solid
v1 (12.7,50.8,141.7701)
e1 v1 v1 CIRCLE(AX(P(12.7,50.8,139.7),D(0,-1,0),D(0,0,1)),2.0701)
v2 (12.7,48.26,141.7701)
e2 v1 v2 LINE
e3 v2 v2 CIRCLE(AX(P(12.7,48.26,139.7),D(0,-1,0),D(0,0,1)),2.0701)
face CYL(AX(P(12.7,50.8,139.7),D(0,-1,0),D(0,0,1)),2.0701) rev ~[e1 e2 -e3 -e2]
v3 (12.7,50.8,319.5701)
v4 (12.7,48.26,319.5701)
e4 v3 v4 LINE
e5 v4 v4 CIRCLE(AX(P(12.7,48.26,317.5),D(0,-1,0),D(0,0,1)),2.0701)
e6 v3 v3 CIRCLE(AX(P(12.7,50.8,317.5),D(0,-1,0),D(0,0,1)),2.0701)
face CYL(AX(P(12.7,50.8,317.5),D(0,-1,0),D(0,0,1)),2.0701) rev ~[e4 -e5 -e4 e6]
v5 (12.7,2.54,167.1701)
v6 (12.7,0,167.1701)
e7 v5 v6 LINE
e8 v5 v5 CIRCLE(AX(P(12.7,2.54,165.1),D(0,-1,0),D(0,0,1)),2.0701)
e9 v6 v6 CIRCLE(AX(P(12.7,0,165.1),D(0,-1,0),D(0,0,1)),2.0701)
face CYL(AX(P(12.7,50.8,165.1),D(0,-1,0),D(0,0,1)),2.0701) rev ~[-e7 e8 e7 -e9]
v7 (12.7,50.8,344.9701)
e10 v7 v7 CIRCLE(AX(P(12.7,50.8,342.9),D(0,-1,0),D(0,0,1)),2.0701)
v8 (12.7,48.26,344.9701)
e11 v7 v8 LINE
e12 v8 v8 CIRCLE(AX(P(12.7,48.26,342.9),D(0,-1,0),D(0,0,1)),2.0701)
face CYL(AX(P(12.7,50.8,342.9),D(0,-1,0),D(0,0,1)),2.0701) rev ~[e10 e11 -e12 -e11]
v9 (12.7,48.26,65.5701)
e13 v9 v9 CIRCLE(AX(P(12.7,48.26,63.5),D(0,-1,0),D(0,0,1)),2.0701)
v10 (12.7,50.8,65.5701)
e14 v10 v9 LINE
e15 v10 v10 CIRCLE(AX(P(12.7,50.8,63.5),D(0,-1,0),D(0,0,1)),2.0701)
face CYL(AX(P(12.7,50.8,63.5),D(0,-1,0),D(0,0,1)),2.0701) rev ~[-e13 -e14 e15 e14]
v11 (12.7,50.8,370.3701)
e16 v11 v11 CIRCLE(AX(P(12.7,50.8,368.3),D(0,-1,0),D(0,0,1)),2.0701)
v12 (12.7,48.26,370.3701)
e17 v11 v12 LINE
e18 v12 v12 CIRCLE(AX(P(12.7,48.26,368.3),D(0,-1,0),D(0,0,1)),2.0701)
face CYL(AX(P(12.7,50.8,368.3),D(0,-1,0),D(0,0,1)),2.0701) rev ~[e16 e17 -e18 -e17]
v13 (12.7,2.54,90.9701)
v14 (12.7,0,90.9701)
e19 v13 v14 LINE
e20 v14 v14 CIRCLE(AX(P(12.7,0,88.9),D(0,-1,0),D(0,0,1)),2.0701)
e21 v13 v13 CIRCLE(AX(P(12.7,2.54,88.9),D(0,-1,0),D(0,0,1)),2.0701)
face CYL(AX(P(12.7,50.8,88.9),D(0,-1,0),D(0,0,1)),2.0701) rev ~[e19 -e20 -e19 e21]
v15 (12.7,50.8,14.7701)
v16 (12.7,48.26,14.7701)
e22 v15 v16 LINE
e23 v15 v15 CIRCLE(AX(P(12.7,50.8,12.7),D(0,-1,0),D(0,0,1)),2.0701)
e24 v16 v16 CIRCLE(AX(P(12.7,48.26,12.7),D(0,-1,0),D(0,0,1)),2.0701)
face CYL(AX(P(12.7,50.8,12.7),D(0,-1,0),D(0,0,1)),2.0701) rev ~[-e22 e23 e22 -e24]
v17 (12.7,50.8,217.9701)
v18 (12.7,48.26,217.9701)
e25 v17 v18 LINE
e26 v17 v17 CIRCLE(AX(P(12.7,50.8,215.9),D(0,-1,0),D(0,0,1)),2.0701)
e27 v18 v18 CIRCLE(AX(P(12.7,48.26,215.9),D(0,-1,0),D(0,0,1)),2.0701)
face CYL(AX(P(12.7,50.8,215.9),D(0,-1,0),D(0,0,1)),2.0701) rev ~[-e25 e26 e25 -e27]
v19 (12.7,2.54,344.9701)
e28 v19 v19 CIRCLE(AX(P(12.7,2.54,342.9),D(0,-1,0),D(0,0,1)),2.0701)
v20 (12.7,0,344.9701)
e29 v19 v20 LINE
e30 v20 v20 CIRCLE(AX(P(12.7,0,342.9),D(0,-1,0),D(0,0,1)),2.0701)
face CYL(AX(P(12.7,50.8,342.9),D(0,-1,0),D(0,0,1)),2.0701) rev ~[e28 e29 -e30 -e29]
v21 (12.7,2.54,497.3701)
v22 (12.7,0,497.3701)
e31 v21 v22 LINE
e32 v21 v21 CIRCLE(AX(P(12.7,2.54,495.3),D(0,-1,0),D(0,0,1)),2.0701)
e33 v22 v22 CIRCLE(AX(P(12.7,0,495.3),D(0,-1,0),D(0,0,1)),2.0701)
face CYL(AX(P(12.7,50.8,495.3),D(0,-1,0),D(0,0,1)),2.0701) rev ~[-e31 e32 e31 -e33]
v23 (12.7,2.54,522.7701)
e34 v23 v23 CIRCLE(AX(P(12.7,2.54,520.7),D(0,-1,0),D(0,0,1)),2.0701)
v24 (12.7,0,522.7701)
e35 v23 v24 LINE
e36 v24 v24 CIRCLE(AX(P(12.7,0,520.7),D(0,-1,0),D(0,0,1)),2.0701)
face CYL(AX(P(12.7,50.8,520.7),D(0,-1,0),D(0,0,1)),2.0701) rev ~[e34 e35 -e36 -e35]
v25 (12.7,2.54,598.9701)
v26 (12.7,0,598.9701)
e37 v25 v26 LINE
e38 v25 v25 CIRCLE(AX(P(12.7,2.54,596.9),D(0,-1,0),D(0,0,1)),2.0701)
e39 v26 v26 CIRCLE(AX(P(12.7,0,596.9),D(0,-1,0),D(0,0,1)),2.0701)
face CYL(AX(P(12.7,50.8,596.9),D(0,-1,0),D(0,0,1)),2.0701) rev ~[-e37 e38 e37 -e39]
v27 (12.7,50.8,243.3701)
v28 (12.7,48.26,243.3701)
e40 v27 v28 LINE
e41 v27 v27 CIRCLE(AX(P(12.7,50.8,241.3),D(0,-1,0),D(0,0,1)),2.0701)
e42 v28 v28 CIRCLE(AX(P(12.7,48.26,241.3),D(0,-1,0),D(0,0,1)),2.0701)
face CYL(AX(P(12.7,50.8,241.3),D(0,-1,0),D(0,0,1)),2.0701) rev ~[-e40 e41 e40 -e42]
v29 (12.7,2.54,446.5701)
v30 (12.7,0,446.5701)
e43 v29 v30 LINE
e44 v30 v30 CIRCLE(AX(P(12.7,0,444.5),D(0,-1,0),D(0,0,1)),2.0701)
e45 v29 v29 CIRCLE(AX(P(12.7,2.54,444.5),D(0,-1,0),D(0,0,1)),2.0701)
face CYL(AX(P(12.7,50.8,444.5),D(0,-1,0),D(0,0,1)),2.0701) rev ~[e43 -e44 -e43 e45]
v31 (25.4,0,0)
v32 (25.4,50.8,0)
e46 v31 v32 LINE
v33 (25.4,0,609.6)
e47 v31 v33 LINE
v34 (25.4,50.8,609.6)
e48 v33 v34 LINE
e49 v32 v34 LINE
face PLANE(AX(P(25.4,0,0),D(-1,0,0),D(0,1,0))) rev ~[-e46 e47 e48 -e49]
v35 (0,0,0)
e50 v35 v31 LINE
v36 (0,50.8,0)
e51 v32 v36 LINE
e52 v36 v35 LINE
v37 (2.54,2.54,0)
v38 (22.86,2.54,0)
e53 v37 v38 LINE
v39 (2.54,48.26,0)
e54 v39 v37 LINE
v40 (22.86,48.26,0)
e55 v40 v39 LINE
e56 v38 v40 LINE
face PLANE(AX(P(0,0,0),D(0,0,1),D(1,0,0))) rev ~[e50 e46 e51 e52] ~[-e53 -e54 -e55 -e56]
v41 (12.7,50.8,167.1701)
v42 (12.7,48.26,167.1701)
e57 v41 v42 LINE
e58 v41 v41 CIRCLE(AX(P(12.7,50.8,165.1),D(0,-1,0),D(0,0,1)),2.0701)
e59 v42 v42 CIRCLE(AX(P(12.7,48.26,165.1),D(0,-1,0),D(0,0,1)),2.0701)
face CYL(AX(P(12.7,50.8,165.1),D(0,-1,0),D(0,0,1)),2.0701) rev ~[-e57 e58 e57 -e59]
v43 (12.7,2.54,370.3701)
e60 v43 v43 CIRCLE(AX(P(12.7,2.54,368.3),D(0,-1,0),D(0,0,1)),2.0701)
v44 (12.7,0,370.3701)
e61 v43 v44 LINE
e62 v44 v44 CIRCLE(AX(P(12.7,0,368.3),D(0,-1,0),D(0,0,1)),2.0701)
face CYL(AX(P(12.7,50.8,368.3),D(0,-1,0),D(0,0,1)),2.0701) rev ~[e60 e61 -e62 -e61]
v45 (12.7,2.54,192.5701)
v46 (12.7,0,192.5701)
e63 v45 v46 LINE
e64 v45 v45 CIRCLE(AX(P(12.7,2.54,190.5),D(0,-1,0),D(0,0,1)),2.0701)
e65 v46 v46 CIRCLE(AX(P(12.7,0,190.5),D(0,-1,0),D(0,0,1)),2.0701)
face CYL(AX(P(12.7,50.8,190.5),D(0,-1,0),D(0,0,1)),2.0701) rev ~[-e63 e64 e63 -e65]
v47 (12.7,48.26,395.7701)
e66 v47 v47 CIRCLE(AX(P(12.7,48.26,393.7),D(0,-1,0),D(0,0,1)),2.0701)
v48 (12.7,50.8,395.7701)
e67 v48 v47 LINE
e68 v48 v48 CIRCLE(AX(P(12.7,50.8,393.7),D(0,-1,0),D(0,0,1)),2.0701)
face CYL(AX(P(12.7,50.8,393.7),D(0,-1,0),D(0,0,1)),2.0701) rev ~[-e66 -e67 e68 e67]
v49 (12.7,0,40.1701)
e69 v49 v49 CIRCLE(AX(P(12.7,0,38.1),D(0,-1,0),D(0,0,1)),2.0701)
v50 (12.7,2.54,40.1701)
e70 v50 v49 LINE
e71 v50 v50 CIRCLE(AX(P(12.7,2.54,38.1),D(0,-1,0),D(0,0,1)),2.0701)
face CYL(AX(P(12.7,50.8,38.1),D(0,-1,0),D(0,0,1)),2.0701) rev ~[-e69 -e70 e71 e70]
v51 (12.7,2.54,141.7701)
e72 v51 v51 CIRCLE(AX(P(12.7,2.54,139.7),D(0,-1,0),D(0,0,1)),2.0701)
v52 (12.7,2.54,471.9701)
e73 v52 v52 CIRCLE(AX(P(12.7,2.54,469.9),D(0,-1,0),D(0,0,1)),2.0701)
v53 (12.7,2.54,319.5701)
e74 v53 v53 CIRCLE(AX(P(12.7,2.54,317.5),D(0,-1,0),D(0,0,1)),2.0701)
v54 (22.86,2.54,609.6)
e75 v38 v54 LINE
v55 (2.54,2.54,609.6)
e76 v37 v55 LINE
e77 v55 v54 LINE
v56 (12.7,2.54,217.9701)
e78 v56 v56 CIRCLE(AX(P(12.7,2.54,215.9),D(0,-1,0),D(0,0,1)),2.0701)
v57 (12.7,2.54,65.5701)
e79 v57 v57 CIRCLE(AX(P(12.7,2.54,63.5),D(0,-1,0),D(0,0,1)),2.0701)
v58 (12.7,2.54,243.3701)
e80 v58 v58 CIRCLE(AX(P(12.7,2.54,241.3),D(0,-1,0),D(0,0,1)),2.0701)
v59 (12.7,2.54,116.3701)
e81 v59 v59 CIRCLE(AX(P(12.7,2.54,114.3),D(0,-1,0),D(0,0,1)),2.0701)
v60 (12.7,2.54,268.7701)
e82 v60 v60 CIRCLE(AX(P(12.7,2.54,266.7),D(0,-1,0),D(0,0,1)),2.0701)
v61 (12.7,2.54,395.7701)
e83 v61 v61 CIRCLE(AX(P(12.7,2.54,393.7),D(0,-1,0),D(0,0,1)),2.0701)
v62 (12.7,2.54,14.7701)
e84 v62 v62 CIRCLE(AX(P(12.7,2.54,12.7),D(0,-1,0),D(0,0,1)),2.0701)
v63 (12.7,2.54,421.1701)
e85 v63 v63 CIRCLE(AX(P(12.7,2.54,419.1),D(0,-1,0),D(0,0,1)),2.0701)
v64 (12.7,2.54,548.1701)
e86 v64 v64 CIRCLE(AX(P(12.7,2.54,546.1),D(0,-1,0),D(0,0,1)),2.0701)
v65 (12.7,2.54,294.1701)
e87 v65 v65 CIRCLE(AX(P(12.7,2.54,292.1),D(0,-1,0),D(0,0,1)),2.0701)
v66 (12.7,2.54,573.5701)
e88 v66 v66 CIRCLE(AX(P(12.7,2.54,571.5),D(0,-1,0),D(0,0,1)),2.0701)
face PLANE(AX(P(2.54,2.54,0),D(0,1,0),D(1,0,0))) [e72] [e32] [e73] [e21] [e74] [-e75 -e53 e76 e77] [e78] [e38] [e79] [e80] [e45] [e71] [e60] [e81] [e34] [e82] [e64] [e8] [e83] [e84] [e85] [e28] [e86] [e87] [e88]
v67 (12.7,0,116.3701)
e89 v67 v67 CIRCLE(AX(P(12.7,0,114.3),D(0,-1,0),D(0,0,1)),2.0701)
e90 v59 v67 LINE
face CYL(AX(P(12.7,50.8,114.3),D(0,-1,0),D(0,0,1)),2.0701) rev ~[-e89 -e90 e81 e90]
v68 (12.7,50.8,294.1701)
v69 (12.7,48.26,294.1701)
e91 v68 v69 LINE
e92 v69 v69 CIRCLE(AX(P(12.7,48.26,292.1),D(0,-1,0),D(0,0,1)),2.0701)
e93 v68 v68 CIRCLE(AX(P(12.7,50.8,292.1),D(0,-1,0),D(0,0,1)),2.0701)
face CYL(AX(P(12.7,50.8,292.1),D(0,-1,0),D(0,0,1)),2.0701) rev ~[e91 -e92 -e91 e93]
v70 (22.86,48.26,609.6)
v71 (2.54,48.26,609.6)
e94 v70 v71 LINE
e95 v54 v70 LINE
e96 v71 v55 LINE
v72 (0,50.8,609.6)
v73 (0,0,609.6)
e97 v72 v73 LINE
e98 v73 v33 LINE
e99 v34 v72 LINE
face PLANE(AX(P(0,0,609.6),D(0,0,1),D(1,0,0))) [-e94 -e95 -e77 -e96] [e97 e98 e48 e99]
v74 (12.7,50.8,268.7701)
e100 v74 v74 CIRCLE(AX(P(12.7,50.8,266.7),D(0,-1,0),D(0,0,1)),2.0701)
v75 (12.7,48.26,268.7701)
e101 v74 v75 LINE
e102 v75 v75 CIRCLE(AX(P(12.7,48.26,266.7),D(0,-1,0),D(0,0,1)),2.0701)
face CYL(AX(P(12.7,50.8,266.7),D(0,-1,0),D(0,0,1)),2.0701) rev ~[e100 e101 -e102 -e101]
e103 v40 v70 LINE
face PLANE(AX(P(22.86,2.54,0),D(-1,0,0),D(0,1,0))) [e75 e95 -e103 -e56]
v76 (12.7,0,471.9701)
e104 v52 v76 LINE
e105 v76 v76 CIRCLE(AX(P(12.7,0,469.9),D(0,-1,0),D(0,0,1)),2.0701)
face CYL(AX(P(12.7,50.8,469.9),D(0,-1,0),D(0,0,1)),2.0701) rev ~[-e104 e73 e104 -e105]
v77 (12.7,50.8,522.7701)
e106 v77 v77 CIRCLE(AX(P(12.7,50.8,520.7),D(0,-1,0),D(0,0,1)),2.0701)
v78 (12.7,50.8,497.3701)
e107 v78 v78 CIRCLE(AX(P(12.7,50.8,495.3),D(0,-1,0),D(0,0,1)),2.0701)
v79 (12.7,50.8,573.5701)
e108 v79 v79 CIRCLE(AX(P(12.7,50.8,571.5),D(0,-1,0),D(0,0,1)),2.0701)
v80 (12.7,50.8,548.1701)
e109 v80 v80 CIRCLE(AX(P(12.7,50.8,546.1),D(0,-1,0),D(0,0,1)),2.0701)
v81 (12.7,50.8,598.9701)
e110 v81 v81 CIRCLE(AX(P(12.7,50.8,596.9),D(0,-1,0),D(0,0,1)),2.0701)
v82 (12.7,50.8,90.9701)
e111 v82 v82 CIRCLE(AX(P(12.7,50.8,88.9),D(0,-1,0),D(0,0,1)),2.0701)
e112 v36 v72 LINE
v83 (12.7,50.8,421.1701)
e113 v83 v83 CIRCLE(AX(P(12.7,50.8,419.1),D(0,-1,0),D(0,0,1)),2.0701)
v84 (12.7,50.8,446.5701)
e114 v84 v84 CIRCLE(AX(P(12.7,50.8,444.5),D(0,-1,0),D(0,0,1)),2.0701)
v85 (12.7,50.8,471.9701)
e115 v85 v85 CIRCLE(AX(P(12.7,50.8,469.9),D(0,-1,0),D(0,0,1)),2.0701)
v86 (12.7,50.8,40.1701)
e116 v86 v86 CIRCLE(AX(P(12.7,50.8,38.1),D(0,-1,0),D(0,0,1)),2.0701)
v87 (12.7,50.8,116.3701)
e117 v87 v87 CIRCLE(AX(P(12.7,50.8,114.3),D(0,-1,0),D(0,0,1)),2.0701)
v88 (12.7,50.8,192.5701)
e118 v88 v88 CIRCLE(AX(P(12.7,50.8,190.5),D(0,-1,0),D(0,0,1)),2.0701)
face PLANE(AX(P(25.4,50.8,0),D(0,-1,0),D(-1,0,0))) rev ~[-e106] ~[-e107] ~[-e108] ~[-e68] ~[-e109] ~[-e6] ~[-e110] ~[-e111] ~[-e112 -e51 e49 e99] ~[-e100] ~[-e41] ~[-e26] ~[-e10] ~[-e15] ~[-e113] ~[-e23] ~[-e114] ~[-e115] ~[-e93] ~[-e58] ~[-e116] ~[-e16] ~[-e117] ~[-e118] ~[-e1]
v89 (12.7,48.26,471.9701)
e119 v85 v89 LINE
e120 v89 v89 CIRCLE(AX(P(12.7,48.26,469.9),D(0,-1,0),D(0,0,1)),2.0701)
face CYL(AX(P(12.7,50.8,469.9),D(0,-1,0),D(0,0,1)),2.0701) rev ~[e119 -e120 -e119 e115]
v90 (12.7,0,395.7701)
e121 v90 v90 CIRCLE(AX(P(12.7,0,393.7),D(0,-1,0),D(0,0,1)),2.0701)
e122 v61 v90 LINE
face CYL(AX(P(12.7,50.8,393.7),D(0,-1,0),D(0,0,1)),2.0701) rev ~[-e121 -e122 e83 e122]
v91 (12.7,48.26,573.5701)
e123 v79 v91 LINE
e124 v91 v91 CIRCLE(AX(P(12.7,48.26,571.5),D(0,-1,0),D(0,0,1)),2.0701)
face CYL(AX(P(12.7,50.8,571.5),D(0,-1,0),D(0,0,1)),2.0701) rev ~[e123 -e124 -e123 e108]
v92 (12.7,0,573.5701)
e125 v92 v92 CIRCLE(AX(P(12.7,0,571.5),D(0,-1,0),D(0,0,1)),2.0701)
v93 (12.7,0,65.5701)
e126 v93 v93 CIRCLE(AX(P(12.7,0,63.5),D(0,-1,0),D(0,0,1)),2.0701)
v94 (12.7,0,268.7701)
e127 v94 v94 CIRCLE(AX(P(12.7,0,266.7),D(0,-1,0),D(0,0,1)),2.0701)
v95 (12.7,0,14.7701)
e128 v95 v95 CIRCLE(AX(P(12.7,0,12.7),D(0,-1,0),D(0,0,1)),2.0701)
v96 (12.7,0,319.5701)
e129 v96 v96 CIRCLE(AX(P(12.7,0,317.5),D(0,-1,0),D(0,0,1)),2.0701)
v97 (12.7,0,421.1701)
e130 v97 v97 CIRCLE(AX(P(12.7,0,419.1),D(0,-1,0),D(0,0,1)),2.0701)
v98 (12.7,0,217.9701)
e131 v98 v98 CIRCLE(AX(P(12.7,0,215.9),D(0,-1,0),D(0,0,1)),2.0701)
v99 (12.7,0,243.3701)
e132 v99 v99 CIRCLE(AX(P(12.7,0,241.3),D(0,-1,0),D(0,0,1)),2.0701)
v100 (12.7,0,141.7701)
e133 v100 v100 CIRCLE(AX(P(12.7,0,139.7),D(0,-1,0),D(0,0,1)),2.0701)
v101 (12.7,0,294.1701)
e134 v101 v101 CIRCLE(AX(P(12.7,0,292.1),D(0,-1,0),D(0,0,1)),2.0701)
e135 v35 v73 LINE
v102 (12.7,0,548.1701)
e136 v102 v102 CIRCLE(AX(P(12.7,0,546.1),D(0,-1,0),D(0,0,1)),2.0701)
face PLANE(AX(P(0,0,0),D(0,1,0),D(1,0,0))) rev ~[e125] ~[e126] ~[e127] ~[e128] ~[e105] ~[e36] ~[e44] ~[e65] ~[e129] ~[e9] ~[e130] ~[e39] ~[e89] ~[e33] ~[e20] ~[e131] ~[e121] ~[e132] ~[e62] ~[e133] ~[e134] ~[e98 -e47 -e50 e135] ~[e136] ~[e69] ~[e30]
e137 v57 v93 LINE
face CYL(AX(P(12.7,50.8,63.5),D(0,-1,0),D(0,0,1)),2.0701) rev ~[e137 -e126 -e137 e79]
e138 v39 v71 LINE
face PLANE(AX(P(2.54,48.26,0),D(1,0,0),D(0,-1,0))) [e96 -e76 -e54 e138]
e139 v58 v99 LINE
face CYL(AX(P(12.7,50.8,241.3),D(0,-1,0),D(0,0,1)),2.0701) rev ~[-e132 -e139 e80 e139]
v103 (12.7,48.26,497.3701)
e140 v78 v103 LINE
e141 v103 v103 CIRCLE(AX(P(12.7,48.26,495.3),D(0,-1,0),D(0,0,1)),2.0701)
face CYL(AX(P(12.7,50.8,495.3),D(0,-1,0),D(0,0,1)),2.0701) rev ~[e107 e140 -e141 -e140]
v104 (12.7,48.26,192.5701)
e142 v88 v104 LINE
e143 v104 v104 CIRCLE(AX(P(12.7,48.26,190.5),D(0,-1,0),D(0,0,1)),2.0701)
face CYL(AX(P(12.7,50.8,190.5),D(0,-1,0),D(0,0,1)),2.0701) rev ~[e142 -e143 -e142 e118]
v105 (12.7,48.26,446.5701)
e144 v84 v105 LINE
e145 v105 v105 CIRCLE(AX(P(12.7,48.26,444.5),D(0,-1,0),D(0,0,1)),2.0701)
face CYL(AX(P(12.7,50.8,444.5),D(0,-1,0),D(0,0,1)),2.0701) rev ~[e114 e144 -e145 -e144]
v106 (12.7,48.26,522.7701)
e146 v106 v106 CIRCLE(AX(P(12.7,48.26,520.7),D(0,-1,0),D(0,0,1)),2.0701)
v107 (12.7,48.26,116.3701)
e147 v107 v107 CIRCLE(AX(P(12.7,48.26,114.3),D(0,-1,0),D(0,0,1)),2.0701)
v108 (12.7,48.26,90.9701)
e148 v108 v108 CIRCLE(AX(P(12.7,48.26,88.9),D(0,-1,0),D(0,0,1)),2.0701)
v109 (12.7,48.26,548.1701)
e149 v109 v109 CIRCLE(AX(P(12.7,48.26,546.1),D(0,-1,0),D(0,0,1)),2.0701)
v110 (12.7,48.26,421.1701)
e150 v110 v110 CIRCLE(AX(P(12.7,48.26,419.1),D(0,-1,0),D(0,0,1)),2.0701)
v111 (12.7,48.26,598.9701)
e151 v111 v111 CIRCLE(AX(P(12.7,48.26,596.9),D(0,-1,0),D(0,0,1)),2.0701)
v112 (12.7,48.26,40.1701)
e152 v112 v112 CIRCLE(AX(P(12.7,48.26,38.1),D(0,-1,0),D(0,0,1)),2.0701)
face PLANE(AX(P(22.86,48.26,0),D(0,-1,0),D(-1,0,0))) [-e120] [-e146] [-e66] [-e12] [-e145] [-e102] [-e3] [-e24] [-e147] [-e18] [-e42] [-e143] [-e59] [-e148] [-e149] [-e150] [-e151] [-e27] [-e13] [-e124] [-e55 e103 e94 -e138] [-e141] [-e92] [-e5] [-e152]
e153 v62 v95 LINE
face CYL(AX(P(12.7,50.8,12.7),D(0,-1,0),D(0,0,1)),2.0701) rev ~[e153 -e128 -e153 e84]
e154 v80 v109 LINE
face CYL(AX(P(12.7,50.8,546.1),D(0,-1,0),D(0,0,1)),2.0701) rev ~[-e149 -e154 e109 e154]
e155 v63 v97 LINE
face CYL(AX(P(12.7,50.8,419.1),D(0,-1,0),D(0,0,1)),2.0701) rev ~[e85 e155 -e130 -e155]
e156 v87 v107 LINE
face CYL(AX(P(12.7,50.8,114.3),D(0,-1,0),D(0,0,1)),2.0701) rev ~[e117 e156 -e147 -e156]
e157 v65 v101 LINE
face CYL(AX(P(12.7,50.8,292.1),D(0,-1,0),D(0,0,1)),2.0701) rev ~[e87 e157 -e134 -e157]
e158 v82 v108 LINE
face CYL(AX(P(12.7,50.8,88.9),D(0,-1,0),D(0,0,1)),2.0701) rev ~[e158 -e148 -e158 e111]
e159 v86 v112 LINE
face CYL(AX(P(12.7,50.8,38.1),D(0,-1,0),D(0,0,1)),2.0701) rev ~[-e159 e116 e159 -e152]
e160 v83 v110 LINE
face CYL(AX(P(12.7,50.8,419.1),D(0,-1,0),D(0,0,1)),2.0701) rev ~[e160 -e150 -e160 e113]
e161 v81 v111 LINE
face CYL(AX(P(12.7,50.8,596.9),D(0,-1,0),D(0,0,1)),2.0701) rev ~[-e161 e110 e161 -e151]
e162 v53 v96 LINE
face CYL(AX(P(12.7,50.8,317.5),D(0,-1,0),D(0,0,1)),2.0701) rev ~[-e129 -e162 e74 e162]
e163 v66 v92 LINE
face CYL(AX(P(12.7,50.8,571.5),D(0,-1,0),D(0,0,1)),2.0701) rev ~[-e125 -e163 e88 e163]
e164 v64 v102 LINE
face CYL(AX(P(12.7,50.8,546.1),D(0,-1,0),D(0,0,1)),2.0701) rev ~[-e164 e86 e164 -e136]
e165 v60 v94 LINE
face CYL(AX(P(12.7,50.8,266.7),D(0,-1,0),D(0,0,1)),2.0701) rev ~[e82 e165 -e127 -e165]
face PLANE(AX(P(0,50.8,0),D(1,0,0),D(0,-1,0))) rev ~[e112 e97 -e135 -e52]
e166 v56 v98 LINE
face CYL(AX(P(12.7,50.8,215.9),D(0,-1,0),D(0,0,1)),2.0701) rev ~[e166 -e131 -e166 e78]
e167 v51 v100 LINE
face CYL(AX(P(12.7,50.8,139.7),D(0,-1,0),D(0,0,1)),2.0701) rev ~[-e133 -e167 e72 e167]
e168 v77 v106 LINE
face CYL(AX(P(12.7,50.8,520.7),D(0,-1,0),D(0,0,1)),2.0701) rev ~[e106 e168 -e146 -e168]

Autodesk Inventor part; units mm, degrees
ref_plane "YZ Plane" through (0, 0, 0) normal (1, 0, 0) x (0, 1, 0)
ref_plane "XZ Plane" through (0, 0, 0) normal (0, 1, 0) x (-1, 0, 0)
ref_plane "XY Plane" through (0, 0, 0) normal (0, 0, 1) x (1, 0, 0)
sketch "Sketch1" plane through (0, 0, 0) normal (0, 0, 1) x (1, 0, 0)
  line L0 (0, 0) -> (25.4, 0)
  line L1 (25.4, 0) -> (25.4, 50.8)
  line L2 (25.4, 50.8) -> (0, 50.8)
  line L3 (0, 50.8) -> (0, 0)
  line L4 (2.54, 2.54) -> (22.86, 2.54)
  line L5 (22.86, 2.54) -> (22.86, 48.26)
  line L6 (22.86, 48.26) -> (2.54, 48.26)
  line L7 (2.54, 48.26) -> (2.54, 2.54)
  dimension "d0" = 25.4
  dimension "d1" = 50.8
  dimension "d2" = 2.54
extrude "Extrusion1" add sketch "Sketch1" along normal blind 609.6
sketch "Sketch2" plane through (0, 50.8, 0) normal (0, 1, 0) x (1, 0, 0)
  line L0 (25.4, -609.6) -> (0, -609.6) projected
  line L1 (0, 0) -> (0, -609.6) projected
  point P0 (12.7, -596.9)
  point P1 (12.7, -571.5)
  point P2 (12.7, -546.1)
  point P3 (12.7, -520.7)
  point P4 (12.7, -495.3)
  point P5 (12.7, -469.9)
  point P6 (12.7, -444.5)
  point P7 (12.7, -419.1)
  point P8 (12.7, -393.7)
  point P9 (12.7, -368.3)
  point P10 (12.7, -342.9)
  point P11 (12.7, -317.5)
  point P12 (12.7, -292.1)
  point P13 (12.7, -266.7)
  point P14 (12.7, -241.3)
  point P15 (12.7, -215.9)
  point P16 (12.7, -190.5)
  point P17 (12.7, -165.1)
  point P18 (12.7, -139.7)
  point P19 (12.7, -114.3)
  point P20 (12.7, -88.9)
  point P21 (12.7, -63.5)
  point P22 (12.7, -38.1)
  point P23 (12.7, -12.7)
  dimension "d5" = 12.7
  dimension "d6" = 12.7
  dimension "d9" = 25.4
hole "Hole1" at (12.7, 50.8, 596.9) at (12.7, 50.8, 571.5) at (12.7, 50.8, 546.1) at (12.7, 50.8, 520.7) at (12.7, 50.8, 495.3) at (12.7, 50.8, 469.9) at (12.7, 50.8, 444.5) at (12.7, 50.8, 419.1) at (12.7, 50.8, 393.7) at (12.7, 50.8, 368.3) at (12.7, 50.8, 342.9) at (12.7, 50.8, 317.5) at (12.7, 50.8, 292.1) at (12.7, 50.8, 266.7) at (12.7, 50.8, 241.3) at (12.7, 50.8, 215.9) at (12.7, 50.8, 190.5) at (12.7, 50.8, 165.1) at (12.7, 50.8, 139.7) at (12.7, 50.8, 114.3) at (12.7, 50.8, 88.9) at (12.7, 50.8, 63.5) at (12.7, 50.8, 38.1) at (12.7, 50.8, 12.7) direction (0, -1, 0) diameter 4.1402 end through all
properties part number "24in2x1Extrusion" material "Aluminum 6061"
